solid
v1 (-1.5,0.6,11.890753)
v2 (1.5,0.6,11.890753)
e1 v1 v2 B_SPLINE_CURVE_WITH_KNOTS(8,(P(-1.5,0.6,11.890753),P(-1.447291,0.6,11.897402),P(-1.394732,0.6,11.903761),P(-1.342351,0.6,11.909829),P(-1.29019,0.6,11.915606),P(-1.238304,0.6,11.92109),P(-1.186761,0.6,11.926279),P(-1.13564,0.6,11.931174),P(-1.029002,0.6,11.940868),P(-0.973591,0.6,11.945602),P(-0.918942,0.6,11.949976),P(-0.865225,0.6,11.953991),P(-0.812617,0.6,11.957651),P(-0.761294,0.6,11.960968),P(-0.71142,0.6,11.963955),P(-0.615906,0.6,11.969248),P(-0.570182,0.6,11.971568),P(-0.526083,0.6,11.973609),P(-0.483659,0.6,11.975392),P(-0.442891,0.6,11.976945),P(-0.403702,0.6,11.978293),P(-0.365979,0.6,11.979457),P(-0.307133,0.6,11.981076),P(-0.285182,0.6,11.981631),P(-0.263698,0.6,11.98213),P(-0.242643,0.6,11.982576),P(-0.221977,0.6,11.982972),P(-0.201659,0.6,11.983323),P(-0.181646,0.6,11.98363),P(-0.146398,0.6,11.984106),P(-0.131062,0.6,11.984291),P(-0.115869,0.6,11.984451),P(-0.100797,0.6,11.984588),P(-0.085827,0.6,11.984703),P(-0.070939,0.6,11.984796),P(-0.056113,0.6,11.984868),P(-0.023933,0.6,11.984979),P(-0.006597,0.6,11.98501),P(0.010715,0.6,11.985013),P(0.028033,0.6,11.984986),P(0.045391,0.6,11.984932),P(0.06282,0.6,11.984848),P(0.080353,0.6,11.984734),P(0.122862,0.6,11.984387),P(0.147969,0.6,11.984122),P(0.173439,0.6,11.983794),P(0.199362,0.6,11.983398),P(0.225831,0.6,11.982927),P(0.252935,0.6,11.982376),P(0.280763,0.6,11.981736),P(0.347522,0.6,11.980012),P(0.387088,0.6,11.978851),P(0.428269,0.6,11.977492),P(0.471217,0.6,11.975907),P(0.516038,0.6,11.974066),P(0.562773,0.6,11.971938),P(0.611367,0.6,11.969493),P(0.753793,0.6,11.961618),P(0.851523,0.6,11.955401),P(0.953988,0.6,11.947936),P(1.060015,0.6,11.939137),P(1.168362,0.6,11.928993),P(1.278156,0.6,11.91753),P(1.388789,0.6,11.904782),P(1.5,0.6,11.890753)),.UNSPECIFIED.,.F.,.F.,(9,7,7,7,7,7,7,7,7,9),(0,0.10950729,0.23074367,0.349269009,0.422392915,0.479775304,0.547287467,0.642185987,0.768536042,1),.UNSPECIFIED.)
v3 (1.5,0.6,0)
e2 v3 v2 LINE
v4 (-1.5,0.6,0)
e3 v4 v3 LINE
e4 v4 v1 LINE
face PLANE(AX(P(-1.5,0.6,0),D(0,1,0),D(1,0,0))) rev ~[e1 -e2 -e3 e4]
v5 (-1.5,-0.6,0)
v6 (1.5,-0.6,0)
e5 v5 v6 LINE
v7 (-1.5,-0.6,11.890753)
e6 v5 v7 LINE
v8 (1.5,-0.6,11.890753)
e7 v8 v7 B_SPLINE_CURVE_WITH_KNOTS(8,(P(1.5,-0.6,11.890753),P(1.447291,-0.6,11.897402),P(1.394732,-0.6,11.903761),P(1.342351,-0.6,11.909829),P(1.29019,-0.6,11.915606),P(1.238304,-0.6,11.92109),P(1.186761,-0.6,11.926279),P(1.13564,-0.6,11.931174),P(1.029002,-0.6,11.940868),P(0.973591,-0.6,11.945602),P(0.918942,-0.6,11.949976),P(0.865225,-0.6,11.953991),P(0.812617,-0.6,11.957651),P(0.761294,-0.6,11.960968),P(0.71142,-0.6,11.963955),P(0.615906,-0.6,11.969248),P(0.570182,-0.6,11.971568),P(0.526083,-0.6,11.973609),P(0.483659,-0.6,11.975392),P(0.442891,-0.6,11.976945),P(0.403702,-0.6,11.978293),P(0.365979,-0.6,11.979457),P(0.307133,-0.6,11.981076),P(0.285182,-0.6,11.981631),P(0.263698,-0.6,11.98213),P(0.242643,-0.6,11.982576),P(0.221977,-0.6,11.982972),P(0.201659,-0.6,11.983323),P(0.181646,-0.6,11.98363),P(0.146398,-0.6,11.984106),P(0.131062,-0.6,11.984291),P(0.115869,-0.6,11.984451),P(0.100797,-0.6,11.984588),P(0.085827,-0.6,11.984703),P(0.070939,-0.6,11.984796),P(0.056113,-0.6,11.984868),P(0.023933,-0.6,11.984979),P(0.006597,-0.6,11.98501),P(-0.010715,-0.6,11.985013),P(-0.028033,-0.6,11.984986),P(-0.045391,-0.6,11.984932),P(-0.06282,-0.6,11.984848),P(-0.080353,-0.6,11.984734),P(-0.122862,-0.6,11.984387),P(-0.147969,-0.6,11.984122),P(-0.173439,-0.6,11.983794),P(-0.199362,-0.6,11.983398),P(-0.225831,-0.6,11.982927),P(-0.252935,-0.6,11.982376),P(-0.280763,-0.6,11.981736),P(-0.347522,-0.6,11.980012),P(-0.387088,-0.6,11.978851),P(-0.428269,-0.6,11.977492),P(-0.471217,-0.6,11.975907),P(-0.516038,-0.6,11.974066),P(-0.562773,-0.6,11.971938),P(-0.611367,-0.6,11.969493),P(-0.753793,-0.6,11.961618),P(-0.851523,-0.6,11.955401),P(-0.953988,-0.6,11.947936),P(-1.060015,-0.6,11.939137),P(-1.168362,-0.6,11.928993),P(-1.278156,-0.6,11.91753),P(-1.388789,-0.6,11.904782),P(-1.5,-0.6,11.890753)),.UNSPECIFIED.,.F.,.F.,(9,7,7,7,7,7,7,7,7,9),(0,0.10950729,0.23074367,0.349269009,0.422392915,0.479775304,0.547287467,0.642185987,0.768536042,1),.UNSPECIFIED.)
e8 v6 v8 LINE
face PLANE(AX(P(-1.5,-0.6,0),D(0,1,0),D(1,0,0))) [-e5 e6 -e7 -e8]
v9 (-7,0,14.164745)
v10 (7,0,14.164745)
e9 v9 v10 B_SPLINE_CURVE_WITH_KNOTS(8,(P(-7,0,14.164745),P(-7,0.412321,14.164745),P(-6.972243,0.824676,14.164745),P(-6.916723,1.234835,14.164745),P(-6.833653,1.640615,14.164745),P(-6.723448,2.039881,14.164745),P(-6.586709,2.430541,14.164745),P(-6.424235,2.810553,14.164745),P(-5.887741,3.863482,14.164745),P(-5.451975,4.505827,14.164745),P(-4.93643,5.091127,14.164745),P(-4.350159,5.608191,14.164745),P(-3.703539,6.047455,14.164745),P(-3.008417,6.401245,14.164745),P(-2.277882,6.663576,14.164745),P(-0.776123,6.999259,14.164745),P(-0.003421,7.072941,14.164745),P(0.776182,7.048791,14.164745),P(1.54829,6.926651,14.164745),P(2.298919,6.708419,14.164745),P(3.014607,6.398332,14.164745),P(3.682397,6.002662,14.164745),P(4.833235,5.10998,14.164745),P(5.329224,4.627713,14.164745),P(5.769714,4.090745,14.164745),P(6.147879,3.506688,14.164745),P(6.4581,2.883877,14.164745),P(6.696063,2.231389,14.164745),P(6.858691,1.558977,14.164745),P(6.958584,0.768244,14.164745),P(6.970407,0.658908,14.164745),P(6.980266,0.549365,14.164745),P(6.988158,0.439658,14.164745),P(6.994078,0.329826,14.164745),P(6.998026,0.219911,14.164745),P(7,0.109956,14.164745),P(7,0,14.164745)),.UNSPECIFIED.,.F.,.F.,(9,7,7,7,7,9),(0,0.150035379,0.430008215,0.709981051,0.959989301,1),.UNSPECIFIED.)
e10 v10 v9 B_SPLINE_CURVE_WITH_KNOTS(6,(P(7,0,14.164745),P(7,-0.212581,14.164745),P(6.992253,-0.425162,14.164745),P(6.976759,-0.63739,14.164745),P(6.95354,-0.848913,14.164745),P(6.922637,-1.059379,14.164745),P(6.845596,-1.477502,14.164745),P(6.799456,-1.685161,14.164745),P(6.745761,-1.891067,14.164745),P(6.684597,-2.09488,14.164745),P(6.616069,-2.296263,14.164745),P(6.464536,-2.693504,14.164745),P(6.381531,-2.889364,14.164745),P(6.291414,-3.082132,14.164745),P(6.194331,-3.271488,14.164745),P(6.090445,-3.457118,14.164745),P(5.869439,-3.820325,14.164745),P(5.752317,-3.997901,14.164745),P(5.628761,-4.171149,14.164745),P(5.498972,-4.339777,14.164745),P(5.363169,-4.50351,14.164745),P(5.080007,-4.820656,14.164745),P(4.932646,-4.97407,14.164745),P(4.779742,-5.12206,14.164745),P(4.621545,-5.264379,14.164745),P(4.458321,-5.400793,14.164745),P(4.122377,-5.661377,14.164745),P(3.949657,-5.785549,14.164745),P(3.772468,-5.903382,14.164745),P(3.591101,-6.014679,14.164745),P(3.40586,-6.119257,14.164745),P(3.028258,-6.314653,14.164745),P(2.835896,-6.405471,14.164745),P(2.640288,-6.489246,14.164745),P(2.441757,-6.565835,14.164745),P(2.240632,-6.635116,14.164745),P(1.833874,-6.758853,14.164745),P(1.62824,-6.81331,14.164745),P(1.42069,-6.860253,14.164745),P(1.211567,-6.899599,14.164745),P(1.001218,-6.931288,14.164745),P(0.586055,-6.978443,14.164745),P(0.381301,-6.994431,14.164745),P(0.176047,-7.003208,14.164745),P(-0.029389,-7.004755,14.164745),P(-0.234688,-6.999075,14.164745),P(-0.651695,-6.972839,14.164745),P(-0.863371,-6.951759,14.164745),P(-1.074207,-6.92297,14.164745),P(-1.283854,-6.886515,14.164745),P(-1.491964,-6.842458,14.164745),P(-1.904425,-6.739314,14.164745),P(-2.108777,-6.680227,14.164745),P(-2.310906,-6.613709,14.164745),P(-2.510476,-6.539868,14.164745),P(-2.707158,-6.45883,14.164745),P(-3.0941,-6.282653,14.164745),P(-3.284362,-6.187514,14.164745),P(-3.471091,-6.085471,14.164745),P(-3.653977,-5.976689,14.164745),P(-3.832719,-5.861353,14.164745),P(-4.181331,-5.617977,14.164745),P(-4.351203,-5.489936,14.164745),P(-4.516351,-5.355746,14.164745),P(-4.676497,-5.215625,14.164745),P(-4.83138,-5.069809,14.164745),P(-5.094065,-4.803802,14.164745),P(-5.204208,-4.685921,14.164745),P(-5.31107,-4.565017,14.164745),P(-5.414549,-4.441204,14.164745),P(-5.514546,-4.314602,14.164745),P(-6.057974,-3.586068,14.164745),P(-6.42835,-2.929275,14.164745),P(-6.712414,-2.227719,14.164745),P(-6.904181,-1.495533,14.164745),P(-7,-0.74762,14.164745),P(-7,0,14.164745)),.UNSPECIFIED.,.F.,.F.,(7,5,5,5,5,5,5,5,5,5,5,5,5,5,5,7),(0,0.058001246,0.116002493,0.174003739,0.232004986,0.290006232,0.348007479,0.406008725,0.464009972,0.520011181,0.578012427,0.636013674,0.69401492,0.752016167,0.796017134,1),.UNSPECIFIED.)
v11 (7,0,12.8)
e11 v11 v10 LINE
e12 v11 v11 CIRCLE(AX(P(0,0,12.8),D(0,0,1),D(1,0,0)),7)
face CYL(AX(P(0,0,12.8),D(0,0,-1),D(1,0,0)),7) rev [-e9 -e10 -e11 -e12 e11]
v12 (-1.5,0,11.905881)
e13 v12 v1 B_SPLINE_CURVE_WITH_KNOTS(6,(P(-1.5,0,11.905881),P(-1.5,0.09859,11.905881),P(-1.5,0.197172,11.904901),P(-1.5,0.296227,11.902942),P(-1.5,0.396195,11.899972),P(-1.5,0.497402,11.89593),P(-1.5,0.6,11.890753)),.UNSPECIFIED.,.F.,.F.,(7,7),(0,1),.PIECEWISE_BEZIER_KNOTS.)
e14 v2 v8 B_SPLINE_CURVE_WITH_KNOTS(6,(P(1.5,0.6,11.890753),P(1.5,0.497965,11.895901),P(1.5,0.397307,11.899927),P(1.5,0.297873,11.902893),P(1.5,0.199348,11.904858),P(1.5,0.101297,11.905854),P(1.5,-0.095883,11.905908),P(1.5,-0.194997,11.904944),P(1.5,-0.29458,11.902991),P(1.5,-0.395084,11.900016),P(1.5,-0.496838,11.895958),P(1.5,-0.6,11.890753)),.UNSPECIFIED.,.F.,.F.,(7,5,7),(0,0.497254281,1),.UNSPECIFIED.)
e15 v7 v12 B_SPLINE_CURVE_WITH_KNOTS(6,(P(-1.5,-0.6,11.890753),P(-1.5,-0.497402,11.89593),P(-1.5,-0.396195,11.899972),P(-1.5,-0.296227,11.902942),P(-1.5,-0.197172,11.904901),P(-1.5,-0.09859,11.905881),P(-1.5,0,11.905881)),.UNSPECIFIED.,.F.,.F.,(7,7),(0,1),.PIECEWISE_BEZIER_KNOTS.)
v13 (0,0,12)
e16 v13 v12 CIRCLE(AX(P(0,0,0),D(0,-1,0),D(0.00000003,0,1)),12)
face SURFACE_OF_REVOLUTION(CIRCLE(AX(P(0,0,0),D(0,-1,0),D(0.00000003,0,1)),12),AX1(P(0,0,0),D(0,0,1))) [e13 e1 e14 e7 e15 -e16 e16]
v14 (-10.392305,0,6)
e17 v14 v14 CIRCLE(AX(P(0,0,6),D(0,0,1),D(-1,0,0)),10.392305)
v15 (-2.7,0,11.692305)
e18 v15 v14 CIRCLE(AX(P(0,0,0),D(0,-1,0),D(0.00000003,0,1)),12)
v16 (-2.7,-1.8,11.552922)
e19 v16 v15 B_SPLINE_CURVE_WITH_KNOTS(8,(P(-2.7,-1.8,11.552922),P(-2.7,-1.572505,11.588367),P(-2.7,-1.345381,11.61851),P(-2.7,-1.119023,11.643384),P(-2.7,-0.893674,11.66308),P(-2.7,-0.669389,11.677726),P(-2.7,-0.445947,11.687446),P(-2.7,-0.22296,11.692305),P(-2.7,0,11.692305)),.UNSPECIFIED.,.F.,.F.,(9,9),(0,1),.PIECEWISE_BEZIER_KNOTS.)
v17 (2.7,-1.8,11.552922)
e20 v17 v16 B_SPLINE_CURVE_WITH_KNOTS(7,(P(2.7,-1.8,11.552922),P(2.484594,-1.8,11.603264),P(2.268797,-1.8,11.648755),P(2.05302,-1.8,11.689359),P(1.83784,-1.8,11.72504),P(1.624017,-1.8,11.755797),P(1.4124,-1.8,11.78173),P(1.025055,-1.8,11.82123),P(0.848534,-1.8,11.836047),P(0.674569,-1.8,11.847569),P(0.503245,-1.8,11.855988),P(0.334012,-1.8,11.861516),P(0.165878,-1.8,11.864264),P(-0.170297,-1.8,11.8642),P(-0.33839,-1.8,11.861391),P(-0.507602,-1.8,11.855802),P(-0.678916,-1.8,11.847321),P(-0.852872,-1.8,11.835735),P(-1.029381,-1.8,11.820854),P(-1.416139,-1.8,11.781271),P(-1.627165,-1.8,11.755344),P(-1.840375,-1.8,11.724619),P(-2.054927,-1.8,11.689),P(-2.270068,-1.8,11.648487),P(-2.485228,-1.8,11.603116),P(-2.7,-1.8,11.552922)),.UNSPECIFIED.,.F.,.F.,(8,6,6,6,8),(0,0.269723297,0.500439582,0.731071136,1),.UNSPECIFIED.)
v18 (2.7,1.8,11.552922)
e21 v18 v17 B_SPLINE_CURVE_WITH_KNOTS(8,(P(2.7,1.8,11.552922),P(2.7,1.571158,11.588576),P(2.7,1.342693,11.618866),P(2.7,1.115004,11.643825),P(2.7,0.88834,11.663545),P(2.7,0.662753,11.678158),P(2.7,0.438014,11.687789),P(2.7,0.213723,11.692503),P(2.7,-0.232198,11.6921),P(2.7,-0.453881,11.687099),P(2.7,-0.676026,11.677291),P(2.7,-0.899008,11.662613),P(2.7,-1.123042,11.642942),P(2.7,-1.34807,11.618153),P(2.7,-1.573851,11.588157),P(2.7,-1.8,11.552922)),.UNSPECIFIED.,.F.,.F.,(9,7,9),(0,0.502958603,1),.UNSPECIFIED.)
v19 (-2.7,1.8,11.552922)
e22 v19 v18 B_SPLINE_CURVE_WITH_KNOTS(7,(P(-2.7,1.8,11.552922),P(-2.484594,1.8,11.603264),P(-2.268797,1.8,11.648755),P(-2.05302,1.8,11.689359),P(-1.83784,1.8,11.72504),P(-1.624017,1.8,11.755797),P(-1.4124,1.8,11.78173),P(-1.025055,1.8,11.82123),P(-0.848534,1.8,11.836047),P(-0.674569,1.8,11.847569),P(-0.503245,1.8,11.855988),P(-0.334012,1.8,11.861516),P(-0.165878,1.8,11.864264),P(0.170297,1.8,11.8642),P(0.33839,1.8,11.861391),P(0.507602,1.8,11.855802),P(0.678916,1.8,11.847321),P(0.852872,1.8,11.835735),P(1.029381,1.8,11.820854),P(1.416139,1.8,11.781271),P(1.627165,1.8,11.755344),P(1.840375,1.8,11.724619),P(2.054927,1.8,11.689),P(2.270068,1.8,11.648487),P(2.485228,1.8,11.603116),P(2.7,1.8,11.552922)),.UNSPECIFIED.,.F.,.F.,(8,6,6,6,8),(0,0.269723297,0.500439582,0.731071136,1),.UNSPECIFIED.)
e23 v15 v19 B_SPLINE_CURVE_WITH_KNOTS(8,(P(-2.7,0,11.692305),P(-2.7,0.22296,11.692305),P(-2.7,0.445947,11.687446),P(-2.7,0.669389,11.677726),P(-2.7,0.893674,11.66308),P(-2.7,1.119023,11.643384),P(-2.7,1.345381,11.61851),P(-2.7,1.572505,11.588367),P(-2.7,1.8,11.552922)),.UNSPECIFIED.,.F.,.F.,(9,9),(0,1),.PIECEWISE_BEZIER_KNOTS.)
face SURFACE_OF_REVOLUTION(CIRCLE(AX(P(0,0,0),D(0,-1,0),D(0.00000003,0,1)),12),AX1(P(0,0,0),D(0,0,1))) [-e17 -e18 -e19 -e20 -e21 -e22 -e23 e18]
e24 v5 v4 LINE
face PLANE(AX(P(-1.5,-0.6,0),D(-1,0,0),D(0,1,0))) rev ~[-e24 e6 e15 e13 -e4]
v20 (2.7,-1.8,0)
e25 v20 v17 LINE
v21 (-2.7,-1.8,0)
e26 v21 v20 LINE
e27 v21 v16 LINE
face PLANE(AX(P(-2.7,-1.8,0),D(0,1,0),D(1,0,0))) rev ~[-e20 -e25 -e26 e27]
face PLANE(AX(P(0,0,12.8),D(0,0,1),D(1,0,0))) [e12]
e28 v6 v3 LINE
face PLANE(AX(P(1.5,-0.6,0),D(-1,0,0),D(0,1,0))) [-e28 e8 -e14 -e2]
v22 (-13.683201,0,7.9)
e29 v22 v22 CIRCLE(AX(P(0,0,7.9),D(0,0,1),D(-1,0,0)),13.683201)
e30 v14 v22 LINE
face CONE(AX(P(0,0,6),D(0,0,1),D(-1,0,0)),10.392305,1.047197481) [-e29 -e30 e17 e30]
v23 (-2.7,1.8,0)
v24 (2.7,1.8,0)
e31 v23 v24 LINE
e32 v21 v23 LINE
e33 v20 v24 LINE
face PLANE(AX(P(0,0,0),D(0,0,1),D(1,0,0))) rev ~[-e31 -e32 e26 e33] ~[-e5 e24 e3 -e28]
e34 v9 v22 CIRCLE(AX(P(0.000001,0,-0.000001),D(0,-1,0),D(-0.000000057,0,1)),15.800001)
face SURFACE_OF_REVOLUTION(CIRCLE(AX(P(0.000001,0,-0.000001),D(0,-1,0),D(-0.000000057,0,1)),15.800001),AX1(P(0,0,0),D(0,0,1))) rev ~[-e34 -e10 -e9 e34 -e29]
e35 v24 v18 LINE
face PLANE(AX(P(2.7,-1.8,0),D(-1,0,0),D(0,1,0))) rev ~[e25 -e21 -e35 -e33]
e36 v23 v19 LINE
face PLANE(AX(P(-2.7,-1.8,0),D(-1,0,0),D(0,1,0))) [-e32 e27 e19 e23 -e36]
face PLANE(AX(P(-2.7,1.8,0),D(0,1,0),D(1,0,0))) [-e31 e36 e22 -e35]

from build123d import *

# Parameters (mm, degrees)
CYLINDER_R     = 7
CYLINDER_DEPTH = 5
SKETCH_W       = 5.4
SKETCH_H       = 3.6
SKETCH_W_2     = 3
SKETCH_H_2     = 1.2
PAD_DEPTH      = 15.5


with BuildPart() as cylinder:
    # Cylinder → Cylinder (new body)
    with BuildSketch(Plane.XY.offset(12.8)):
        Circle(CYLINDER_R)
    extrude(amount=CYLINDER_DEPTH)


with BuildPart() as body001:
    # Sketch001 → Revolution (revolve)
    with BuildSketch(Plane.XZ):
        with BuildLine():
            ThreePointArc((0, 15.8), (-7.9, 13.683201), (-13.683201, 7.9))
            Line((-10.392305, 6), (-13.683201, 7.9))
            ThreePointArc((0, 12), (-6, 10.392305), (-10.392305, 6))
            Line((0, 15.8), (0, 12))
        make_face()
    revolve(axis=Axis((0, 0, 0), (0, 0, 1)))


with BuildPart() as cut:
    # Sketch → Pad (new body)
    with BuildSketch(Plane.XY):
        Rectangle(SKETCH_W, SKETCH_H)
        Rectangle(SKETCH_W_2, SKETCH_H_2, mode=Mode.SUBTRACT)
    extrude(amount=PAD_DEPTH)

    # Boolean: union Body001
    add(body001.part)

    # Cut: cut Cylinder
    add(cylinder.part, mode=Mode.SUBTRACT)


solid = cut.part
